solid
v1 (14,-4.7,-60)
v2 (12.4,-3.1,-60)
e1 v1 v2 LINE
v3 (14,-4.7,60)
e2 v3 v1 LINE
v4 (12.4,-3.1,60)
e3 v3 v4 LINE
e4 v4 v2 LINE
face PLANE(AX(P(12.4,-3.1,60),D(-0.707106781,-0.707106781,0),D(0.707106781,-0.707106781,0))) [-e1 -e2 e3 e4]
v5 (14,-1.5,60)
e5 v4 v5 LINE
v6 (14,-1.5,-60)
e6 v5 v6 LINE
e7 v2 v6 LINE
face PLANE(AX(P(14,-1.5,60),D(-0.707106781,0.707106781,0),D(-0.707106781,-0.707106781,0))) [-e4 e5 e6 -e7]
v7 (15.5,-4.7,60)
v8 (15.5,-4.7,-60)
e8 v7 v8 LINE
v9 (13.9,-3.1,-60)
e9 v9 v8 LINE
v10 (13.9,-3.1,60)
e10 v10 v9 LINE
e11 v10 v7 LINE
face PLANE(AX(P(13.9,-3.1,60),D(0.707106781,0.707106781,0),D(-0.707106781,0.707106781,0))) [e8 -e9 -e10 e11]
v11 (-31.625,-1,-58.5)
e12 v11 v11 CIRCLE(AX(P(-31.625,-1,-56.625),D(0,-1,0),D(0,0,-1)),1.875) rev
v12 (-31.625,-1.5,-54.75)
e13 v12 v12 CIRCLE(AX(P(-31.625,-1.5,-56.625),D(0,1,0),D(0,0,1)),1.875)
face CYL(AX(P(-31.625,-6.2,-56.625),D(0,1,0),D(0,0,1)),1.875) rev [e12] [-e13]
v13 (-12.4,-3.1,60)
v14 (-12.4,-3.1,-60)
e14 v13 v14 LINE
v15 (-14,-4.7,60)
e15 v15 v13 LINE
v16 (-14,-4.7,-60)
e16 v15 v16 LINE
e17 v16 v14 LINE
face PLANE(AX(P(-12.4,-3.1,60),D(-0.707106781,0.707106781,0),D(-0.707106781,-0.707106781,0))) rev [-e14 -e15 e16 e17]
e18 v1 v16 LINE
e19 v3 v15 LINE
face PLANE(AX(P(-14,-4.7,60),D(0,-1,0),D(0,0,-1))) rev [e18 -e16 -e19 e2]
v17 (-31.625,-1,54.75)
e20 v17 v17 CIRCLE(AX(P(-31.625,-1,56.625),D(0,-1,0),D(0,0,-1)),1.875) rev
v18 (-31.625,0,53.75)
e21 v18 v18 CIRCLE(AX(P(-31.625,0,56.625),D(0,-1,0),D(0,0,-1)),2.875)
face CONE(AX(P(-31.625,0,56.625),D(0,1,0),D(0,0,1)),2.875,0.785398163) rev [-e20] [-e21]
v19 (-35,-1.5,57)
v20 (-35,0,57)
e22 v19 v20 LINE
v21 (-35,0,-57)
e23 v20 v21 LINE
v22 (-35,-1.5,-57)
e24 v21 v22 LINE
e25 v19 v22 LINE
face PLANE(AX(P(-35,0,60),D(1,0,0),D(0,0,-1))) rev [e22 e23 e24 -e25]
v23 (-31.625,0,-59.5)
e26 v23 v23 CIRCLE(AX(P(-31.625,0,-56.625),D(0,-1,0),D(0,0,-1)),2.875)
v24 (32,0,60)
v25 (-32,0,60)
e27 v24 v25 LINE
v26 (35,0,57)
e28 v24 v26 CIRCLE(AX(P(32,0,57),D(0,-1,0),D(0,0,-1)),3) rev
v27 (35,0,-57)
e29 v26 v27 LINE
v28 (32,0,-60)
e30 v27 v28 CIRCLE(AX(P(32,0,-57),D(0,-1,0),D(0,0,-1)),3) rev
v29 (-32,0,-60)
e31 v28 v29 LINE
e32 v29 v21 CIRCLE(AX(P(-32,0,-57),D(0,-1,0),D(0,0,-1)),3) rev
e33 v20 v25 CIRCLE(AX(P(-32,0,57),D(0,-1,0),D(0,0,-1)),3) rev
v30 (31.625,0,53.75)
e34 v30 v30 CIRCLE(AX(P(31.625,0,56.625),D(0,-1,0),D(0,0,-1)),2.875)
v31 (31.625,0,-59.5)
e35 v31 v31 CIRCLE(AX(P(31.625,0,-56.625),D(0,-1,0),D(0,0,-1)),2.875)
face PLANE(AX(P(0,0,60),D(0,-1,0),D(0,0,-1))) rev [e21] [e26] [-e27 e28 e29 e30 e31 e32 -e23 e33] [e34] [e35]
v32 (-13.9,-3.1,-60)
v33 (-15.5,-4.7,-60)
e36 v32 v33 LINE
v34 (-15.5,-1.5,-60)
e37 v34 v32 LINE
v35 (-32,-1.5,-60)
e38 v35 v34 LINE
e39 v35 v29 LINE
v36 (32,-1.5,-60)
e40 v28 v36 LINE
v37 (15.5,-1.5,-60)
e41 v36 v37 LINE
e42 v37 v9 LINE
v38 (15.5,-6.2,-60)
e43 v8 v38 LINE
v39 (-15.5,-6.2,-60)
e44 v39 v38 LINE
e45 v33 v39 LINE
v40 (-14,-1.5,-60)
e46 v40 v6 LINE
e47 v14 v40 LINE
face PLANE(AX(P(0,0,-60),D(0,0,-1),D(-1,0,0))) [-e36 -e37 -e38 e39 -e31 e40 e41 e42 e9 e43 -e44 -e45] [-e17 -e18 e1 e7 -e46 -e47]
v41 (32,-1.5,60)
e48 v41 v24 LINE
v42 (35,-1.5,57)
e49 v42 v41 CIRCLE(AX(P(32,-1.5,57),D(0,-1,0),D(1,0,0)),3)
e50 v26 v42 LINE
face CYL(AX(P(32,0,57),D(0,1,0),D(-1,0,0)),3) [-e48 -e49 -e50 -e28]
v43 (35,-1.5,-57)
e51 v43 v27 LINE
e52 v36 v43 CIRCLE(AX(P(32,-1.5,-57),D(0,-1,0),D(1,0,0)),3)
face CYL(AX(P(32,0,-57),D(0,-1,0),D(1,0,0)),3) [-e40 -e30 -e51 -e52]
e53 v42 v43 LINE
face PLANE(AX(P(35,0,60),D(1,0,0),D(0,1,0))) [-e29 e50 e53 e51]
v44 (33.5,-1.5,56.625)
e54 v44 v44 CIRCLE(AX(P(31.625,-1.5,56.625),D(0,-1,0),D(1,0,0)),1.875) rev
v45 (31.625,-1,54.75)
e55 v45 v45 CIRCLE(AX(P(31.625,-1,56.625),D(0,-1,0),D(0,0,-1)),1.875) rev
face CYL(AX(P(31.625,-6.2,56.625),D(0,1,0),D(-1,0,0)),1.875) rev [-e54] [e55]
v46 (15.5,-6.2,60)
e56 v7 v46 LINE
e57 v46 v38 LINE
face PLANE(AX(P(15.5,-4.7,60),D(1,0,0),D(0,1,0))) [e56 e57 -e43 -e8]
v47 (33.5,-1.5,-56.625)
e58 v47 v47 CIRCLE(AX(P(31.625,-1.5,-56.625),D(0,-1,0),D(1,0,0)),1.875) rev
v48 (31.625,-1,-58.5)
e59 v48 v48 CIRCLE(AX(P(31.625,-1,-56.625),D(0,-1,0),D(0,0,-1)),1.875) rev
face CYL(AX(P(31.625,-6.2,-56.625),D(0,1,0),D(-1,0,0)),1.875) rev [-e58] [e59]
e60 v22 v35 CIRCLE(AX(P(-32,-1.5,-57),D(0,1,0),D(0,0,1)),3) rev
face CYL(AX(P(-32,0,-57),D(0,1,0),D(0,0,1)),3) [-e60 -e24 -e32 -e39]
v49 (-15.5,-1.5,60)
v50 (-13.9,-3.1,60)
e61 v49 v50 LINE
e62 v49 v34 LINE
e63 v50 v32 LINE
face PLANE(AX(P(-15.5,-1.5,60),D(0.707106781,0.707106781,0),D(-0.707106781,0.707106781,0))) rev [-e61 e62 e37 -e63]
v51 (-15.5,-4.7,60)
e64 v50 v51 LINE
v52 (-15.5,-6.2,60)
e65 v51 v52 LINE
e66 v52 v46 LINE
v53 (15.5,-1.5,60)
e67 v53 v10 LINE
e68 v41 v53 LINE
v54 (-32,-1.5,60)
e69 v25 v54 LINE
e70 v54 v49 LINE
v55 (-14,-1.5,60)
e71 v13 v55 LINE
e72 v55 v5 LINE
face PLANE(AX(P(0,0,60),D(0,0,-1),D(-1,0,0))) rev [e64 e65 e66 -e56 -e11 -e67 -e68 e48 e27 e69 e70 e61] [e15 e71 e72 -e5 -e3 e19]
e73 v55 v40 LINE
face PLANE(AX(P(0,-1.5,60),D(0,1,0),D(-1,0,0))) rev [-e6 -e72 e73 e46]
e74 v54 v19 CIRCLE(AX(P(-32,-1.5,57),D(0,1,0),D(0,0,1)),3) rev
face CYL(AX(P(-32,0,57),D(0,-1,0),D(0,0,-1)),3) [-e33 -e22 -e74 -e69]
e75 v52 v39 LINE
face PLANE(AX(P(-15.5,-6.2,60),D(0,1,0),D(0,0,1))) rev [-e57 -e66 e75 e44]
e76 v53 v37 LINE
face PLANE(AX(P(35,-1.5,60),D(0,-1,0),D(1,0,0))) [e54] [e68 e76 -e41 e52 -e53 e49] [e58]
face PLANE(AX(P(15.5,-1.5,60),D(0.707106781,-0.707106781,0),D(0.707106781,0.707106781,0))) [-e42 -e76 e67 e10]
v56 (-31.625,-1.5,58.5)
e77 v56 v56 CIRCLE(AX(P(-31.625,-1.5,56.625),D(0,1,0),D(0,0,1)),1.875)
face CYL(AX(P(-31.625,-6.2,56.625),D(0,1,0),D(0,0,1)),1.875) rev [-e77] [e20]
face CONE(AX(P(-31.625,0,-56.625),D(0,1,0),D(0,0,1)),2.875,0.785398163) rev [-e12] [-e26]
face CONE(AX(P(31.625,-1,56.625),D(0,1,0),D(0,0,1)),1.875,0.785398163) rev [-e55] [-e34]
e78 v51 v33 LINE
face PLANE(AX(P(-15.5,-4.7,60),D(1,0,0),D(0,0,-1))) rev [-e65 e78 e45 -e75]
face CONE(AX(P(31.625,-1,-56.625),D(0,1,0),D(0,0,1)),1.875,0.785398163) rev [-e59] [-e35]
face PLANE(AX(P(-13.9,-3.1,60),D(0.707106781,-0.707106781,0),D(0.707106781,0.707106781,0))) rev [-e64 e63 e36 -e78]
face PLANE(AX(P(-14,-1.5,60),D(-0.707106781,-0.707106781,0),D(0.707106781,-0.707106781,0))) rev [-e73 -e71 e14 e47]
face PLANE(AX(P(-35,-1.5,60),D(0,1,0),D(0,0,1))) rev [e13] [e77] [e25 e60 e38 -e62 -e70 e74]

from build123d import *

# Parameters (mm, degrees)
BOSS_EXTRUDE1_DEPTH = 60
CUT_EXTRUDE1_START  = -7.2
SKETCH7_R           = 1.875
CUT_EXTRUDE1_DEPTH  = 8.2
CHAMFER1_SIZE       = 1
FILLET1_R           = 3


with BuildPart() as part:
    # Sketch2 → Boss-Extrude1 (new body, symmetric)
    with BuildSketch(Plane.XY):
        Polygon((0, 0), (-35, 0), (-35, -1.5), (-15.5, -1.5), (-13.9, -3.1), (-15.5, -4.7), (-15.5, -6.2), (0, -6.2), (0, -4.7), (-14, -4.7), (-12.4, -3.1), (-14, -1.5), (0, -1.5), align=None)
    boss_extrude1 = extrude(amount=BOSS_EXTRUDE1_DEPTH, both=True)

    # Sketch7 → Cut-Extrude1 (cut)
    with BuildSketch(Plane(origin=(0, 0, 0), x_dir=(1, 0, 0), z_dir=(0, 1, 0)).offset(CUT_EXTRUDE1_START)):
        with Locations((-31.625, 56.625)):
            Circle(SKETCH7_R)
        with Locations((-31.625, -56.625)):
            Circle(SKETCH7_R)
    cut_extrude1 = extrude(amount=CUT_EXTRUDE1_DEPTH, mode=Mode.SUBTRACT)

    # Mirror1: Boss-Extrude1, Cut-Extrude1 across plane
    add(boss_extrude1.mirror(Plane(origin=(0, -4.7, 60), x_dir=(0, 0, 1), z_dir=(-1, 0, 0))))
    add(cut_extrude1.mirror(Plane(origin=(0, -4.7, 60), x_dir=(0, 0, 1), z_dir=(-1, 0, 0))), mode=Mode.SUBTRACT)

    # Chamfer1
    chamfer1_edges = [part.edges().sort_by_distance(p)[0] for p in [
        (-33.5, 0, -56.625),
        (-33.5, 0, 56.625),
        (33.5, 0, -56.625),
        (33.5, 0, 56.625),
    ]]
    chamfer(chamfer1_edges, length=CHAMFER1_SIZE)

    # Fillet1
    fillet1_edges = [part.edges().sort_by_distance(p)[0] for p in [
        (-35, -0.75, 60),
        (-35, -0.75, -60),
        (35, -0.75, 60),
        (35, -0.75, -60),
    ]]
    fillet(fillet1_edges, radius=FILLET1_R)


solid = part.part
